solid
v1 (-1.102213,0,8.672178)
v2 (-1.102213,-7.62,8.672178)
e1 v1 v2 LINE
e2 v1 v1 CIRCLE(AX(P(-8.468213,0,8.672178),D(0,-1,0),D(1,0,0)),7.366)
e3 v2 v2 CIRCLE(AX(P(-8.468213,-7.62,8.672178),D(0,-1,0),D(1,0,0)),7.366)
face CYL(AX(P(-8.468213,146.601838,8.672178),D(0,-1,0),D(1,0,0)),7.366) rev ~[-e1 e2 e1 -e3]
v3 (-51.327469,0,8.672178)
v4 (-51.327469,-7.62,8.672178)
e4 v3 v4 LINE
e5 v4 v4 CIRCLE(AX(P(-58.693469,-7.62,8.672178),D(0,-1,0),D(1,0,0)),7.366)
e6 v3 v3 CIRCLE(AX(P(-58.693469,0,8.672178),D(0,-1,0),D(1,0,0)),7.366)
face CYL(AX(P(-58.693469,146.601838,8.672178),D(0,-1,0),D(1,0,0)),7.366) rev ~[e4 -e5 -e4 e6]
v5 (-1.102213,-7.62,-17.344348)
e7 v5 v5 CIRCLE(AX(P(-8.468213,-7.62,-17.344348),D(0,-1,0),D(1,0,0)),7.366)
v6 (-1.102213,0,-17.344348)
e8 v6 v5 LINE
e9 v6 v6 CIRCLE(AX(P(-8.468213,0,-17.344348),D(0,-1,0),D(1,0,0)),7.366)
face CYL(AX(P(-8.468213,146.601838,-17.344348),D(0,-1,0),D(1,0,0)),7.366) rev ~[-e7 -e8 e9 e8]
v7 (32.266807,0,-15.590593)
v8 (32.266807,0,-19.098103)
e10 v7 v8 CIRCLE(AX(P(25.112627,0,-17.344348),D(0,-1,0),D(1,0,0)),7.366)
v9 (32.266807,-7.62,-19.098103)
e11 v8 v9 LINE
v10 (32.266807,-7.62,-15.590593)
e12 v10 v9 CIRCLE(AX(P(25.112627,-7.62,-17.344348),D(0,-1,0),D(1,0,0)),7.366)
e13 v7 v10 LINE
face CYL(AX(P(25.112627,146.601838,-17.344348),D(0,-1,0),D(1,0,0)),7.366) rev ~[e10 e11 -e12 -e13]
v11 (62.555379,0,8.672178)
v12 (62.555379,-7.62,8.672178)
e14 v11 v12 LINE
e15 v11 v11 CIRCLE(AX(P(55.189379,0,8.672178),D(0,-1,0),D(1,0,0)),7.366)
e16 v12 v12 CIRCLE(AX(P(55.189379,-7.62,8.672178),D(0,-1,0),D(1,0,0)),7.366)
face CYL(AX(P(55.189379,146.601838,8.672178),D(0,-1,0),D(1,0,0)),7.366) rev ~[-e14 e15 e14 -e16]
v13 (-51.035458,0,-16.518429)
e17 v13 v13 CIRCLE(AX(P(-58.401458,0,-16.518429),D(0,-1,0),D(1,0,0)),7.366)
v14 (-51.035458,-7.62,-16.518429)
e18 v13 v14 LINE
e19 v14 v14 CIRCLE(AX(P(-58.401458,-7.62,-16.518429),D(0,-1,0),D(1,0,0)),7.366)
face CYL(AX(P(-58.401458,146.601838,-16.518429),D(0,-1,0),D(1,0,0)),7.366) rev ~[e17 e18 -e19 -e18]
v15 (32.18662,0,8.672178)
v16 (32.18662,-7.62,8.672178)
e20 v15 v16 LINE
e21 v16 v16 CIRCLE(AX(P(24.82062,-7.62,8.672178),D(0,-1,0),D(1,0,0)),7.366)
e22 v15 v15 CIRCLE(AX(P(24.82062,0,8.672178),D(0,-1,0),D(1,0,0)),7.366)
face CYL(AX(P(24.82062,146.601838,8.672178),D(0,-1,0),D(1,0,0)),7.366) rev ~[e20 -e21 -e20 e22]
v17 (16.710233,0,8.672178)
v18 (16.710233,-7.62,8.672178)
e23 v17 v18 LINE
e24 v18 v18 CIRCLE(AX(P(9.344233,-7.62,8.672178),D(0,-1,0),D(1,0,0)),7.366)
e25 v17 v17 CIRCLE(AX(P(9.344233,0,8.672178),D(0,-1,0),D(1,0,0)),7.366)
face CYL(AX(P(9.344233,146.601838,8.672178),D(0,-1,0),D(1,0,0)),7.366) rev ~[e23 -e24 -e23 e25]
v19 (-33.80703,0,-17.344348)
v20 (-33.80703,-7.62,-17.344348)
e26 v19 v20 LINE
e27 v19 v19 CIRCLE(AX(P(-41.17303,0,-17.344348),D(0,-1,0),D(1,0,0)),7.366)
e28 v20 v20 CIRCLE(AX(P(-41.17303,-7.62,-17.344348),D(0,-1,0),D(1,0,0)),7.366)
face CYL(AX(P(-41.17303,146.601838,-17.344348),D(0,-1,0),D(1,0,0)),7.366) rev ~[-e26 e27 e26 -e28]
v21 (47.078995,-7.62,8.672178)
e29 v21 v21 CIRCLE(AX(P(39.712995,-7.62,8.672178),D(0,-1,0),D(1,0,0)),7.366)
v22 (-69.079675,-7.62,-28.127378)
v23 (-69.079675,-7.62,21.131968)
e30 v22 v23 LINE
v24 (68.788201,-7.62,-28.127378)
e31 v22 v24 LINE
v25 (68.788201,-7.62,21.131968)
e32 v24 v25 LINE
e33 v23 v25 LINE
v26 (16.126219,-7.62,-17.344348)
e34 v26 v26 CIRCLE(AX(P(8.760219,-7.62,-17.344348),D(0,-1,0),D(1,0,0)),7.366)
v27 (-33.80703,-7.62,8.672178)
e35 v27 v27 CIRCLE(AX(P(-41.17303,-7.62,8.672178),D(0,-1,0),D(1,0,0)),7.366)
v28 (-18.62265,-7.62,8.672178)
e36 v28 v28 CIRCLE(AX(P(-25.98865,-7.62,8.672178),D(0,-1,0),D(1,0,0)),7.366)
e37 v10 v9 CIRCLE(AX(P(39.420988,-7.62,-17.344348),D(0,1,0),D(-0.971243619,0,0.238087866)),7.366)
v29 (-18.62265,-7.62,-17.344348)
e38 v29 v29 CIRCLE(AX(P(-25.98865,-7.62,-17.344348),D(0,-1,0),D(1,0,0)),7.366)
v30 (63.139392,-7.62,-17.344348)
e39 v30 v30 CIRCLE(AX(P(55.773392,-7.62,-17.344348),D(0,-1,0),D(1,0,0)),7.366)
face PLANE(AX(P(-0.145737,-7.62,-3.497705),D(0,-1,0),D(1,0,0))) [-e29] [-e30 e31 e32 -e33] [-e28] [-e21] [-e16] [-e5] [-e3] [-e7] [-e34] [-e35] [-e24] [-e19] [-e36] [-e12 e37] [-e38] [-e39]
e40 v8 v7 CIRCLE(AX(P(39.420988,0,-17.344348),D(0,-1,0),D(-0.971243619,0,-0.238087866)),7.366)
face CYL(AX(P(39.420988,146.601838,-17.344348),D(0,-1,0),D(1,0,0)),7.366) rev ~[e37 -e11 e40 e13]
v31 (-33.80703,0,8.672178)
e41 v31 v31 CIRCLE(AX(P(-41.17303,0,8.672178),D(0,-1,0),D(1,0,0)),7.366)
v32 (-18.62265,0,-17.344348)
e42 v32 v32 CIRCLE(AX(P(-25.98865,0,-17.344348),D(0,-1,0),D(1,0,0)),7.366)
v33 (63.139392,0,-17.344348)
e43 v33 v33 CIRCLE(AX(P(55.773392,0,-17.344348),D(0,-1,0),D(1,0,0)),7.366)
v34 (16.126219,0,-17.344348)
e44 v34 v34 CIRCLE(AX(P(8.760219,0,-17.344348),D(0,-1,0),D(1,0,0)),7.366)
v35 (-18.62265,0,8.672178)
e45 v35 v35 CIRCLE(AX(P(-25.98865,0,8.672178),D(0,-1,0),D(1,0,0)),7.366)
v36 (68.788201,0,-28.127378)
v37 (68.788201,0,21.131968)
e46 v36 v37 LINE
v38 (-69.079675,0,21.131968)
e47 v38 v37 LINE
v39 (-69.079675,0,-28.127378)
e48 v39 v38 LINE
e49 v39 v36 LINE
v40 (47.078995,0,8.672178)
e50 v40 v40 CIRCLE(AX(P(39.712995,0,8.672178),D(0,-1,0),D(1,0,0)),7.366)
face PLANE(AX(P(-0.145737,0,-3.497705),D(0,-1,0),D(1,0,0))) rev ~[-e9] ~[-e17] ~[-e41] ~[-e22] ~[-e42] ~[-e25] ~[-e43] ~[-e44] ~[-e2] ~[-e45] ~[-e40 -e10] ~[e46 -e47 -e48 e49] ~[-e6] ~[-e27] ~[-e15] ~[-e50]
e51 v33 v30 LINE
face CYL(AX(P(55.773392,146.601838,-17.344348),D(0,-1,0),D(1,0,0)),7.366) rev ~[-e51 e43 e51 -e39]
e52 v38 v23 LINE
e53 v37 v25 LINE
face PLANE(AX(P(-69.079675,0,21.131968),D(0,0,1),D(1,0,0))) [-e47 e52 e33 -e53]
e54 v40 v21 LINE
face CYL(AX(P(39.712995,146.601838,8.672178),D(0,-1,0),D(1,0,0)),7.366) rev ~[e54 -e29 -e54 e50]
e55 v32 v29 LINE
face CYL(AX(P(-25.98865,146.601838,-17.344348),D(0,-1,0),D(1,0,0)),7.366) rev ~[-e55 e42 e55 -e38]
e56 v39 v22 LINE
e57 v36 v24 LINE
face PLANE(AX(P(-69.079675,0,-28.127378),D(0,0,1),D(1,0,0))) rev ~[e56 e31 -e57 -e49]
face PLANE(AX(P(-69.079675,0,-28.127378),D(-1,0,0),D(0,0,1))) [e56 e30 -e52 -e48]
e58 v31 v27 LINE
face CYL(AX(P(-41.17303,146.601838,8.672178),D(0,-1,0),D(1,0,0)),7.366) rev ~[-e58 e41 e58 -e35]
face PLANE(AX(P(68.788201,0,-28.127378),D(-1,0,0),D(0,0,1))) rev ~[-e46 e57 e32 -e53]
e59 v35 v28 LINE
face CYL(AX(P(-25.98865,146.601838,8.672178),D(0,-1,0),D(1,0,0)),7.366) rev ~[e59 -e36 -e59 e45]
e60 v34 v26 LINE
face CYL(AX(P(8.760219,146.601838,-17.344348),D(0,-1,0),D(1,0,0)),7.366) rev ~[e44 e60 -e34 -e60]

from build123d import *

# Parameters (mm, degrees)
F0_W     = 137.867876
F0_H     = 49.259346
F1_DEPTH = 7.62
F3_D     = 14.732


with BuildPart() as f1:
    # F0 (on Front) → F1 (new body)
    with BuildSketch(Plane.XZ):
        with Locations((-0.145737, -3.497705)):
            Rectangle(F0_W, F0_H)
    extrude(amount=F1_DEPTH)

    # F3 (through all)
    with Locations(Plane(origin=(0, 0, 0), x_dir=(-1, 0, 0), z_dir=(0, 1, 0))):
        with Locations((58.401458, -16.518429), (58.693469, 8.672178), (41.17303, -17.344348), (41.17303, 8.672178), (25.98865, -17.344348), (25.98865, 8.672178), (8.468213, -17.344348), (8.468213, 8.672178), (-8.760219, -17.344348), (-9.344233, 8.672178), (-25.112627, -17.344348), (-24.82062, 8.672178), (-39.420988, -17.344348), (-39.712995, 8.672178), (-55.773392, -17.344348), (-55.189379, 8.672178)):
            Hole(F3_D / 2)


solid = f1.part
